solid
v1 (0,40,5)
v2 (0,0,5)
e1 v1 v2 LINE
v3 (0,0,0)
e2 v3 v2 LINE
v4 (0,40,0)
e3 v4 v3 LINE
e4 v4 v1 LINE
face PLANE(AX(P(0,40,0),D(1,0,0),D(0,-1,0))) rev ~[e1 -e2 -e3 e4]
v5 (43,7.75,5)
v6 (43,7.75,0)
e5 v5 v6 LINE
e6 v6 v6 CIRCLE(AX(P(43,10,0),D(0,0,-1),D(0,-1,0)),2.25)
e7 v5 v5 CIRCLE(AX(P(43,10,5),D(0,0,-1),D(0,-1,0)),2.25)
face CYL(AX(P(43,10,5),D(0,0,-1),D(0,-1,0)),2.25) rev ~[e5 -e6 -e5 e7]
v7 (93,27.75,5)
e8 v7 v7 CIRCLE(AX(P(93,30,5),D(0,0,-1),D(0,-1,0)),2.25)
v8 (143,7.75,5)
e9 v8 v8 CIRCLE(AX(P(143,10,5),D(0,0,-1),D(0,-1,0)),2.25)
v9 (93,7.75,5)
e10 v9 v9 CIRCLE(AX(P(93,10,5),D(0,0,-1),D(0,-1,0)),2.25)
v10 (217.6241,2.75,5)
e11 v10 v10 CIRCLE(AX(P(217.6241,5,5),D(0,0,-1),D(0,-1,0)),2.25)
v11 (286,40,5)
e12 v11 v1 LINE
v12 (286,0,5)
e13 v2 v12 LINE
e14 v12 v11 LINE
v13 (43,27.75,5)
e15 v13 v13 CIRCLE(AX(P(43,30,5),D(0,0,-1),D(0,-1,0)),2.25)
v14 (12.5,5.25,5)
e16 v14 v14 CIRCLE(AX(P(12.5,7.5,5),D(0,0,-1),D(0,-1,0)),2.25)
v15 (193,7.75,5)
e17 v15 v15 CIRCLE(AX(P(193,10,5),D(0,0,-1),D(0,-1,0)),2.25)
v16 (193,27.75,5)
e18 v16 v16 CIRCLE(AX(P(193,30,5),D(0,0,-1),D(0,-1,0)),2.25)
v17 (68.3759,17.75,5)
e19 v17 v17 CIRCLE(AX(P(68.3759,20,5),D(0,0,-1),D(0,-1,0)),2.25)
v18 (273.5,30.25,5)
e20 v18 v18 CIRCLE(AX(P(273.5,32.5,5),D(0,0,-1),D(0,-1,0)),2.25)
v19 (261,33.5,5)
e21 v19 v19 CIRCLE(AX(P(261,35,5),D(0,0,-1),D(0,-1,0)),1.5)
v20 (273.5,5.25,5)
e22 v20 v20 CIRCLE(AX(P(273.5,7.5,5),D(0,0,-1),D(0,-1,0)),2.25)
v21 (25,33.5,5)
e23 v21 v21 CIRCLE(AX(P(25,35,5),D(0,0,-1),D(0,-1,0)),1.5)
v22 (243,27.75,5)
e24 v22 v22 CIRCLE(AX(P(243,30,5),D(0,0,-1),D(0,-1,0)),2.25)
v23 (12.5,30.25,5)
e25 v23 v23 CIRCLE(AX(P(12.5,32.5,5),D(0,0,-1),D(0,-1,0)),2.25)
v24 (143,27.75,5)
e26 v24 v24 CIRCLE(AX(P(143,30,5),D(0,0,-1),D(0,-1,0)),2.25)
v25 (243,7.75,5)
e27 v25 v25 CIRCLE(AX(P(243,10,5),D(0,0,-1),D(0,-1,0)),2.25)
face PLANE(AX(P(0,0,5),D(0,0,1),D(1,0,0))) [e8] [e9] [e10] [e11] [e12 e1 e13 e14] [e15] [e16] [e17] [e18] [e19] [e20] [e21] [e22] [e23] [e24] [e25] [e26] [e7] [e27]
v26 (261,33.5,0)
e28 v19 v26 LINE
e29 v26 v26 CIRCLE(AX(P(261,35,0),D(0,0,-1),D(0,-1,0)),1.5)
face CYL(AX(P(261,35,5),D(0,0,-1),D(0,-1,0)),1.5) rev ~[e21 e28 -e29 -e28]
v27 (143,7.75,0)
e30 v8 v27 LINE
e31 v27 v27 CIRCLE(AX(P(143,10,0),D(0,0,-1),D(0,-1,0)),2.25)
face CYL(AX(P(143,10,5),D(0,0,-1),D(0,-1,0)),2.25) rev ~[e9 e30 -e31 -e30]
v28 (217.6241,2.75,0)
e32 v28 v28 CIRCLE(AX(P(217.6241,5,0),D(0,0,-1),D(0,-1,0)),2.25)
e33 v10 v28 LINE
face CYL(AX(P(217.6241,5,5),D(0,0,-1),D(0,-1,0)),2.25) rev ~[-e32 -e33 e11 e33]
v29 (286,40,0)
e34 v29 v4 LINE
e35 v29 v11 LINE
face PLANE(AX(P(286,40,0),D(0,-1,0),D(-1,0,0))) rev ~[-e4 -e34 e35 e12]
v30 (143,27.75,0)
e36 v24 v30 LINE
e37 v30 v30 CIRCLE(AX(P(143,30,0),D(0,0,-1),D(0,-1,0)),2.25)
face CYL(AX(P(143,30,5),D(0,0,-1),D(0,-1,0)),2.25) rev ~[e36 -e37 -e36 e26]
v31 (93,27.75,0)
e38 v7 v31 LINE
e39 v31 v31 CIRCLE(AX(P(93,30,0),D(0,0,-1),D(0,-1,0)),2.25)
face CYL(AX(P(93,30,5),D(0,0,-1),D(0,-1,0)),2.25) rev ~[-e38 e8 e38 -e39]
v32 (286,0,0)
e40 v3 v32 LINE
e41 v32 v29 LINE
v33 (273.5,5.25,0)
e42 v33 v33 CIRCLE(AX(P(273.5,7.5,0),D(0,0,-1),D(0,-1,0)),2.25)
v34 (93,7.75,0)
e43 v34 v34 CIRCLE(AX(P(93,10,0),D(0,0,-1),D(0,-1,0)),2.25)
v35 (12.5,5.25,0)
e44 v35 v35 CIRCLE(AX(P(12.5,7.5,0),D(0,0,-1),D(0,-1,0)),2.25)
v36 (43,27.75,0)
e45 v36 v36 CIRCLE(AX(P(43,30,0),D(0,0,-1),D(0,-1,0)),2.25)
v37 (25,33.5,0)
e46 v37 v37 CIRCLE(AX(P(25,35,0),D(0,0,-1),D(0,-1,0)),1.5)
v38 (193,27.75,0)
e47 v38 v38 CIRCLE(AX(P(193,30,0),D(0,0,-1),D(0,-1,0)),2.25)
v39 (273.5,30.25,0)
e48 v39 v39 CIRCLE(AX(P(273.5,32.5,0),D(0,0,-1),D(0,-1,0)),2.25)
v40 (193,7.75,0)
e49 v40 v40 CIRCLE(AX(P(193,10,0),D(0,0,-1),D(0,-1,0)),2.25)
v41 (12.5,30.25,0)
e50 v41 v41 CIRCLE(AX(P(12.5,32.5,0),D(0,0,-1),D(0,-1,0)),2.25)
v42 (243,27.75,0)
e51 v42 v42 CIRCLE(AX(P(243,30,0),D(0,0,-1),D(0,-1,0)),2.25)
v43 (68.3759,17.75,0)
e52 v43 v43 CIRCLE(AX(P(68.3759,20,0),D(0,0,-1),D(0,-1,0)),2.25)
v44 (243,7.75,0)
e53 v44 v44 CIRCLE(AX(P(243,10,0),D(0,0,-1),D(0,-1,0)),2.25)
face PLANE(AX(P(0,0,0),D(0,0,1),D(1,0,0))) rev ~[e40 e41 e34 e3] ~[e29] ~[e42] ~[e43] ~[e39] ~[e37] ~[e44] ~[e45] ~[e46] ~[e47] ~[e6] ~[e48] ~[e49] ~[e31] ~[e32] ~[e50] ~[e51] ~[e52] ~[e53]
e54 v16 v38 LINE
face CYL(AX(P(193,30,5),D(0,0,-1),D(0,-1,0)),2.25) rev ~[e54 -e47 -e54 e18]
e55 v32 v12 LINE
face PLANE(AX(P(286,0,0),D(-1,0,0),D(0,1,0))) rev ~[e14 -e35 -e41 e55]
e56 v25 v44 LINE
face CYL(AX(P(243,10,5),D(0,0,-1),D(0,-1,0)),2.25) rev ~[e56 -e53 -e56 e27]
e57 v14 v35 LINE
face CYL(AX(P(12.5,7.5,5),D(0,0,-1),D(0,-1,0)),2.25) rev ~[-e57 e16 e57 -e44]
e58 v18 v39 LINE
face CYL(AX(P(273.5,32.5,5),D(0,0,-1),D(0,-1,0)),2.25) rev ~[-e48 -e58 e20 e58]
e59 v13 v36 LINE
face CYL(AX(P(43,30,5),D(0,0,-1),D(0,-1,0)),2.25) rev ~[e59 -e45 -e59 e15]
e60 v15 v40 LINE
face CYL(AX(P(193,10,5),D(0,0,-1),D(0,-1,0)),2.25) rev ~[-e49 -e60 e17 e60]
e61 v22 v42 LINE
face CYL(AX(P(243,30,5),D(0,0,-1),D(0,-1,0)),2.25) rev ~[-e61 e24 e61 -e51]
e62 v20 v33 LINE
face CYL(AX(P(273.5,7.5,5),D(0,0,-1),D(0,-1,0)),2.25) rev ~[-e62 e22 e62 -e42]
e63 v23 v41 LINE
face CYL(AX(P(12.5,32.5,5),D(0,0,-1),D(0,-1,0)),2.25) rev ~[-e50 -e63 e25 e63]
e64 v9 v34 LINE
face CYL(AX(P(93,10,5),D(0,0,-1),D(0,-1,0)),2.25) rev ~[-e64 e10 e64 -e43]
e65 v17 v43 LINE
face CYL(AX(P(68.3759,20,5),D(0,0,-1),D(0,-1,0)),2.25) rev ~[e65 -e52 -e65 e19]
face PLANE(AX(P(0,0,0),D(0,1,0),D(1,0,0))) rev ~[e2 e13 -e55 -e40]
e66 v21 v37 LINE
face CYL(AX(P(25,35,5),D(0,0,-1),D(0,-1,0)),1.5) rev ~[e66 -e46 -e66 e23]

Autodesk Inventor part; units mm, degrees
ref_plane "YZ Plane" through (0, 0, 0) normal (1, 0, 0) x (0, 1, 0)
ref_plane "XZ Plane" through (0, 0, 0) normal (0, 1, 0) x (-1, 0, 0)
ref_plane "XY Plane" through (0, 0, 0) normal (0, 0, 1) x (1, 0, 0)
sketch "Sketch1" plane through (0, 0, 0) normal (0, 0, 1) x (1, 0, 0)
  line L0 (0, 0) -> (286, 0)
  line L1 (286, 0) -> (286, 40)
  line L2 (286, 40) -> (0, 40)
  line L3 (0, 40) -> (0, 0)
  dimension "d0" = 286
  dimension "d1" = 40
extrude "Extrusion1" add sketch "Sketch1" along normal blind 5
sketch "Sketch2" plane through (0, 0, 5) normal (0, 0, 1) x (1, 0, 0)
  line L0 (286, 40) -> (0, 40) projected
  line L1 (0, 0) -> (286, 0) projected
  line L2 (0, 40) -> (0, 0) projected
  point P0 (43, 30)
  point P1 (43, 10)
  dimension "d4" = 10
  dimension "d6" = 43
  dimension "d40" = 20
  dimension "d41" = 10
hole "Hole1" at (43, 30, 5) at (43, 10, 5) direction (0, 0, -1) diameter 4.5 end through all clearance for "Flat Head Machine Screw" size "M4" standard "Ansi Metric M Profile"
pattern_linear "Rectangular Pattern1" count 5 spacing 50 along (1, 0, 0) of "Hole1"
sketch "Sketch3" plane through (0, 0, 5) normal (0, 0, 1) x (1, 0, 0)
  line L0 (286, 40) -> (0, 40) projected
  line L1 (0, 40) -> (0, 0) projected
  line L2 (286, 0) -> (286, 40) projected
  point P0 (68.3759, 20)
  point P1 (217.6241, 5)
  dimension "d17" = 150
  dimension "d18" = 20
  dimension "d19" = 15
  dimension "d20" = 68.3759
  dimension "d21" = 68.3759
hole "Hole2" at (68.3759, 20, 5) at (217.6241, 5, 5) direction (0, 0, -1) diameter 4.5 end through all clearance for "Flat Head Machine Screw" size "M4" standard "Ansi Metric M Profile"
sketch "Sketch4" plane through (0, 0, 5) normal (0, 0, 1) x (1, 0, 0)
  line L0 (286, 40) -> (0, 40) projected
  line L1 (0, 0) -> (286, 0) projected
  line L2 (0, 40) -> (0, 0) projected
  line L3 (286, 0) -> (286, 40) projected
  point P0 (12.5, 32.5)
  point P1 (12.5, 7.5)
  point P2 (273.5, 32.5)
  point P3 (273.5, 7.5)
  dimension "d29" = 7.5
  dimension "d30" = 7.5
  dimension "d31" = 12.5
  dimension "d32" = 12.5
hole "Hole3" at (12.5, 32.5, 5) at (12.5, 7.5, 5) at (273.5, 32.5, 5) at (273.5, 7.5, 5) direction (0, 0, -1) diameter 4.5 end through all clearance for "Flat Head Machine Screw" size "M4" standard "Ansi Metric M Profile"
sketch "Sketch5" plane through (0, 0, 5) normal (0, 0, 1) x (1, 0, 0)
  line L0 (286, 40) -> (0, 40) projected
  line L1 (0, 40) -> (0, 0) projected
  line L2 (286, 0) -> (286, 40) projected
  point P0 (25, 35)
  point P1 (261, 35)
  dimension "d42" = 5
  dimension "d43" = 25
  dimension "d44" = 25
hole "Hole4" at (25, 35, 5) at (261, 35, 5) direction (0, 0, -1) diameter 3 end through all
equation "\"d20\" = d21"
equation "\"d30\" = d29"
equation "\"d32\" = d31"
equation "\"d44\" = d43"
properties part number "Top_Slider Piece 1" material "Wood (Oak)"
